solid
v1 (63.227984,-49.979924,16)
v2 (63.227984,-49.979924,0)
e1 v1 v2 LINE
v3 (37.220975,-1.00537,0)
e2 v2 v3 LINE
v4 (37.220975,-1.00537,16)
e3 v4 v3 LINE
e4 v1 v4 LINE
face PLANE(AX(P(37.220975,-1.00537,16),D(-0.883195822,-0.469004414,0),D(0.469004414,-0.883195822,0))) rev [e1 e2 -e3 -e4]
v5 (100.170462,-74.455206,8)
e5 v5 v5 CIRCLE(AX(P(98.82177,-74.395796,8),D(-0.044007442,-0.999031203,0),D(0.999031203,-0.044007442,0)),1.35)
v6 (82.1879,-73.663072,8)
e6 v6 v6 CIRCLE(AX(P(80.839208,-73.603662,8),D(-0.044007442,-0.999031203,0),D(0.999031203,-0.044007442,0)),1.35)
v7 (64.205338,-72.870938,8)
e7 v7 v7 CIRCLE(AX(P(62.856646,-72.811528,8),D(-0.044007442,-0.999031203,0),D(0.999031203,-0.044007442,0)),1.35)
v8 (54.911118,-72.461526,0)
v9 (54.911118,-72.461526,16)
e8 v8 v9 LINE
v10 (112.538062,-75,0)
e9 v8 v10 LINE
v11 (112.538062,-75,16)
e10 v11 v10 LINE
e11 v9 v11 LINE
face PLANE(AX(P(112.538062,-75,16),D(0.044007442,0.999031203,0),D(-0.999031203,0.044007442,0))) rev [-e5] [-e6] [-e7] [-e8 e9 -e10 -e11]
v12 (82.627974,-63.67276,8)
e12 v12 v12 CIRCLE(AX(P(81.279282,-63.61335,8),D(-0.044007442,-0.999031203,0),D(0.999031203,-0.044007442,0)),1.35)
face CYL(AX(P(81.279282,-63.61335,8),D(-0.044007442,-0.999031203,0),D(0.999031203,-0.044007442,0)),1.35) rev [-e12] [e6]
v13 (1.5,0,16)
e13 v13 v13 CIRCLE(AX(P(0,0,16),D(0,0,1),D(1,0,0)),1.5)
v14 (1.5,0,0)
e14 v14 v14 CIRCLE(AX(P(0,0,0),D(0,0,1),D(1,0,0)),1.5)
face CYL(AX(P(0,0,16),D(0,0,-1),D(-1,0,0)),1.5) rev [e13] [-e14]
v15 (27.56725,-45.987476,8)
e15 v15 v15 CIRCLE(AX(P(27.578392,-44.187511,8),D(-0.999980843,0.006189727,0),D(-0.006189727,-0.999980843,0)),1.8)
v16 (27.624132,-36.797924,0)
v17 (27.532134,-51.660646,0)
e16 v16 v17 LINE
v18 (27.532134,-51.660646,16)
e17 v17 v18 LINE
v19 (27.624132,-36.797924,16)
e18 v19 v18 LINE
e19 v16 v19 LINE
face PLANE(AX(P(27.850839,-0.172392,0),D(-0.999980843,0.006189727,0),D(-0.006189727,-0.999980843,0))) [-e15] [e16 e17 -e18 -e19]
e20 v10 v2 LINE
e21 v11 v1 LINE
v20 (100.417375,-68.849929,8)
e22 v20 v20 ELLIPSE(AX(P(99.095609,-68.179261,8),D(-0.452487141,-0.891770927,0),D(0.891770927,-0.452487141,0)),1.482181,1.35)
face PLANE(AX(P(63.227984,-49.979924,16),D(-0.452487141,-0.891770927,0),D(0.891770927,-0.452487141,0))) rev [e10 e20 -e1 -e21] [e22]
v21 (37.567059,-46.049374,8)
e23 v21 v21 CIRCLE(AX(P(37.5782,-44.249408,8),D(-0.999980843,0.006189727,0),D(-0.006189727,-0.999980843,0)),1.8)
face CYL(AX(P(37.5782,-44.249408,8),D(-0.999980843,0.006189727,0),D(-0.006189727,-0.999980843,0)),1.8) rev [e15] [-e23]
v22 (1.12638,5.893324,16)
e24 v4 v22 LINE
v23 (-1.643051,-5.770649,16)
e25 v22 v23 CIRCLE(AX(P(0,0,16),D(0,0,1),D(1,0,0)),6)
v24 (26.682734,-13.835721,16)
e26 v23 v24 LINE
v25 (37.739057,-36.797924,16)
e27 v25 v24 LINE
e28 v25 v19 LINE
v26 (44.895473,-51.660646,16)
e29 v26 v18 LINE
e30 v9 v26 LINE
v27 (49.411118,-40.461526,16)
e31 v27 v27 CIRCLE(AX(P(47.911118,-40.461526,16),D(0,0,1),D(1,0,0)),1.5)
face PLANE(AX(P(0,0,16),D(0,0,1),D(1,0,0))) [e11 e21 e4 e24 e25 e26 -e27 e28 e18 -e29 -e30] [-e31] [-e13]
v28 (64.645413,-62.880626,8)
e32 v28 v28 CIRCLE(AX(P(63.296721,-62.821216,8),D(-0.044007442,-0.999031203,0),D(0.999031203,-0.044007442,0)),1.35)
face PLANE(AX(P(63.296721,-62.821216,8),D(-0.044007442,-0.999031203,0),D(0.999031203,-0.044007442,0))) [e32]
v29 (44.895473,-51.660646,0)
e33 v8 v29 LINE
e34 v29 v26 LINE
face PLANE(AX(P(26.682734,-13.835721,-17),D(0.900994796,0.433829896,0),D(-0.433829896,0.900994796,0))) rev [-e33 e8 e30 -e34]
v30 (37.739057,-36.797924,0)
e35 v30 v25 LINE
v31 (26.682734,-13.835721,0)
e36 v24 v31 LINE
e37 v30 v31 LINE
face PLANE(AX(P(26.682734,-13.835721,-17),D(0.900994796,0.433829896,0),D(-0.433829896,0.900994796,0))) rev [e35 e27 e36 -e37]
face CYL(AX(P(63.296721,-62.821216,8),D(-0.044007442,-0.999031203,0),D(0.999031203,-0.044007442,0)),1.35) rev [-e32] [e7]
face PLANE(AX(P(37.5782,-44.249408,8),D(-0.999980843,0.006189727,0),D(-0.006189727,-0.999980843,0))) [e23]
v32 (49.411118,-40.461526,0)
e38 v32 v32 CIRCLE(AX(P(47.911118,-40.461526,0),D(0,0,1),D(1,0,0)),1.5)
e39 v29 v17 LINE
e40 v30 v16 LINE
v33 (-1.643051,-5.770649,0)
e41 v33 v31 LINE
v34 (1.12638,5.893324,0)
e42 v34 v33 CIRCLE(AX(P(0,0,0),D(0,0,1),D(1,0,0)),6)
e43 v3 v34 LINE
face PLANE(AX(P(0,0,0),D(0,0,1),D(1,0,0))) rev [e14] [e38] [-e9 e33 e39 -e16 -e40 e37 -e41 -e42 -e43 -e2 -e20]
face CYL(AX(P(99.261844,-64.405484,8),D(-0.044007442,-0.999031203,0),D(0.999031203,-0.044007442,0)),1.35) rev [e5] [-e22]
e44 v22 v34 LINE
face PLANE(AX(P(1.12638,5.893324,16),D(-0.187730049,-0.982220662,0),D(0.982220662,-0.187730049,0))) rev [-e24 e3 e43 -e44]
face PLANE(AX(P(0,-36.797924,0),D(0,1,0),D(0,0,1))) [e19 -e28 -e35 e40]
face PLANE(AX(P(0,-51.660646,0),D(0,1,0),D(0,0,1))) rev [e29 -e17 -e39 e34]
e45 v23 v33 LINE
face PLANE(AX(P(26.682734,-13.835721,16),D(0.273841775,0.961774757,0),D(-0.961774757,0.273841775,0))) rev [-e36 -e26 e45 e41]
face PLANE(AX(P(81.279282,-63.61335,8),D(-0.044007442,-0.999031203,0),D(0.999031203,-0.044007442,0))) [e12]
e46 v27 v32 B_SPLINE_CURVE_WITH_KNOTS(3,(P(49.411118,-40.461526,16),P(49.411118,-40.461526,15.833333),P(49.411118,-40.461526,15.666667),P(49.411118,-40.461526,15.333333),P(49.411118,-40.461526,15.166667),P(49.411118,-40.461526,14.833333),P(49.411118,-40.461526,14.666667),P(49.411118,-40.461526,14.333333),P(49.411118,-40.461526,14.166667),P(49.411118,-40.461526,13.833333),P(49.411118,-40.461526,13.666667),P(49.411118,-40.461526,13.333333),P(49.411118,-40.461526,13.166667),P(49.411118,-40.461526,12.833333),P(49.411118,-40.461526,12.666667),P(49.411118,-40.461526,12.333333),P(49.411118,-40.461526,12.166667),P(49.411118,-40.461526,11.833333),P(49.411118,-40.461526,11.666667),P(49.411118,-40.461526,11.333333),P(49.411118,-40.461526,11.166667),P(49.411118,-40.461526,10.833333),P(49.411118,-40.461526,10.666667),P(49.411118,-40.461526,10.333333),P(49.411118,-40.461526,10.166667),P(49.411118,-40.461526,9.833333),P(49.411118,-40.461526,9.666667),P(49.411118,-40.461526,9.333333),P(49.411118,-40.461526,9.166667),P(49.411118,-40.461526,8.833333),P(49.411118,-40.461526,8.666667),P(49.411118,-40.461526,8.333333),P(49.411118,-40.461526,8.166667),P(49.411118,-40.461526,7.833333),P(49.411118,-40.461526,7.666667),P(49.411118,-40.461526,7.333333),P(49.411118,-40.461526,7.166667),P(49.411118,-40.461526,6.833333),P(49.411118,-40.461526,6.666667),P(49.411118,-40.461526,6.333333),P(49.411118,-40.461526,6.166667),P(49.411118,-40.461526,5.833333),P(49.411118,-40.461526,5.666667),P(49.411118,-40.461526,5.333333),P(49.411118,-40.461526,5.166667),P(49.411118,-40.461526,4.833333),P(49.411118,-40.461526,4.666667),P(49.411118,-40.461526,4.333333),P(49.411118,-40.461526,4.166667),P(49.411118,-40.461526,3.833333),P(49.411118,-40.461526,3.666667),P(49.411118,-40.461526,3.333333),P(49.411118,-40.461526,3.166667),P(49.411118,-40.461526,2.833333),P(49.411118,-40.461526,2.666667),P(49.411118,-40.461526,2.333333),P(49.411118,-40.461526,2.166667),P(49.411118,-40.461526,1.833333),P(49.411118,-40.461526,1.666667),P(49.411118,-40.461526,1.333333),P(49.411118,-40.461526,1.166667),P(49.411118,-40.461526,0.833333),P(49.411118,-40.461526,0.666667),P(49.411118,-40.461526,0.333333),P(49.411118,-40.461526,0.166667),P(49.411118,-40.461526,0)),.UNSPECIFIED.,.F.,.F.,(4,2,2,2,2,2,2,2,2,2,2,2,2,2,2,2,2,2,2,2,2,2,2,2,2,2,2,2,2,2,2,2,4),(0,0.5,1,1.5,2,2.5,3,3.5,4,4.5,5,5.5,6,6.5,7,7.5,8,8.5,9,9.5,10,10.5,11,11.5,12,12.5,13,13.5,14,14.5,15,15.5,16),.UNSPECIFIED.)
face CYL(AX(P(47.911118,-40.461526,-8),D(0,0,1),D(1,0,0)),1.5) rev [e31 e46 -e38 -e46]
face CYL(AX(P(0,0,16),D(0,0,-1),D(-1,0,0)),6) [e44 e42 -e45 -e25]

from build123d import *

# Parameters (mm, degrees)
SKETCH_1_R          = 1.5
EXTRUDE_1_DEPTH     = 16
SKETCH_2_R          = 1.35
CUT_EXTRUDE_1_DEPTH = 10
CUT_EXTRUDE_2_DEPTH = 33
EXTRUDE_2_DEPTH     = 16
SKETCH_5_R          = 1.5
CUT_EXTRUDE_3_DEPTH = 24
SKETCH_7_R          = 1.8
CUT_EXTRUDE_5_DEPTH = 10


with BuildPart() as part:
    # 草图1 → 凸台-拉伸1 (new body)
    with BuildSketch(Plane.XY):
        with BuildLine():
            Line((1.126380295, 5.893323971), (37.220974686, -1.005370225))
            Line((37.220974686, -1.005370225), (63.227984205, -49.979924472))
            Line((63.227984205, -49.979924472), (112.538061605, -75))
            Line((112.538061605, -75), (53.330616959, -72.391905084))
            Line((53.330616959, -72.391905084), (49.915441771, -64.88738307))
            Line((49.915441771, -64.88738307), (26.682733599, -13.835720919))
            Line((26.682733599, -13.835720919), (-1.643050648, -5.77064854))
            ThreePointArc((-1.643050648, -5.77064854), (-5.837705093, 1.386073321), (1.126380295, 5.893323971))
        make_face()
        Circle(SKETCH_1_R, mode=Mode.SUBTRACT)
    extrude(amount=EXTRUDE_1_DEPTH)

    # 草图2 → 切除-拉伸1 (cut)
    with BuildSketch(Plane(origin=(-3.079413203, -69.907036606, 0), x_dir=(0.9990312032291818, -0.044007442262116094, 0), z_dir=(-0.044007442262116094, -0.9990312032291818, 0))):
        with Locations((66, 8)):
            Circle(SKETCH_2_R)
        with Locations((102, 8)):
            Circle(SKETCH_2_R)
        with Locations((84, 8)):
            Circle(SKETCH_2_R)
    extrude(amount=-CUT_EXTRUDE_1_DEPTH, mode=Mode.SUBTRACT)

    # 草图3 → 切除-拉伸2 (cut)
    with BuildSketch(Plane.XY.offset(16)):
        Polygon((26.682733599, -13.835720919), (54.911117554, -72.461526322), (53.330616959, -72.391905084), align=None)
    extrude(amount=-CUT_EXTRUDE_2_DEPTH, mode=Mode.SUBTRACT)

    # 草图4 → 凸台-拉伸2 (add)
    with BuildSketch(Plane.XY.offset(16)):
        Polygon((44.895473102, -51.660646486), (37.739057149, -36.797923572), (27.624132339, -36.797923572), (27.532134383, -51.660646486), align=None)
    extrude(amount=-EXTRUDE_2_DEPTH)

    # 草图5 → 切除-拉伸3 (cut)
    with BuildSketch(Plane.XY.offset(16)):
        with Locations((47.911117554, -40.461526322)):
            Circle(SKETCH_5_R)
    extrude(amount=-CUT_EXTRUDE_3_DEPTH, mode=Mode.SUBTRACT)

    # 草图7 → 切除-拉伸5 (cut)
    with BuildSketch(Plane(origin=(27.85083871, -0.172392383, 0), x_dir=(0, 0, 1), z_dir=(-0.9999808434581536, 0.006189726708003564, 0))):
        with Locations(Location((8, -44.015961614, 0), (0, 0, 270))):
            Circle(SKETCH_7_R)
    extrude(amount=-CUT_EXTRUDE_5_DEPTH, mode=Mode.SUBTRACT)


solid = part.part
